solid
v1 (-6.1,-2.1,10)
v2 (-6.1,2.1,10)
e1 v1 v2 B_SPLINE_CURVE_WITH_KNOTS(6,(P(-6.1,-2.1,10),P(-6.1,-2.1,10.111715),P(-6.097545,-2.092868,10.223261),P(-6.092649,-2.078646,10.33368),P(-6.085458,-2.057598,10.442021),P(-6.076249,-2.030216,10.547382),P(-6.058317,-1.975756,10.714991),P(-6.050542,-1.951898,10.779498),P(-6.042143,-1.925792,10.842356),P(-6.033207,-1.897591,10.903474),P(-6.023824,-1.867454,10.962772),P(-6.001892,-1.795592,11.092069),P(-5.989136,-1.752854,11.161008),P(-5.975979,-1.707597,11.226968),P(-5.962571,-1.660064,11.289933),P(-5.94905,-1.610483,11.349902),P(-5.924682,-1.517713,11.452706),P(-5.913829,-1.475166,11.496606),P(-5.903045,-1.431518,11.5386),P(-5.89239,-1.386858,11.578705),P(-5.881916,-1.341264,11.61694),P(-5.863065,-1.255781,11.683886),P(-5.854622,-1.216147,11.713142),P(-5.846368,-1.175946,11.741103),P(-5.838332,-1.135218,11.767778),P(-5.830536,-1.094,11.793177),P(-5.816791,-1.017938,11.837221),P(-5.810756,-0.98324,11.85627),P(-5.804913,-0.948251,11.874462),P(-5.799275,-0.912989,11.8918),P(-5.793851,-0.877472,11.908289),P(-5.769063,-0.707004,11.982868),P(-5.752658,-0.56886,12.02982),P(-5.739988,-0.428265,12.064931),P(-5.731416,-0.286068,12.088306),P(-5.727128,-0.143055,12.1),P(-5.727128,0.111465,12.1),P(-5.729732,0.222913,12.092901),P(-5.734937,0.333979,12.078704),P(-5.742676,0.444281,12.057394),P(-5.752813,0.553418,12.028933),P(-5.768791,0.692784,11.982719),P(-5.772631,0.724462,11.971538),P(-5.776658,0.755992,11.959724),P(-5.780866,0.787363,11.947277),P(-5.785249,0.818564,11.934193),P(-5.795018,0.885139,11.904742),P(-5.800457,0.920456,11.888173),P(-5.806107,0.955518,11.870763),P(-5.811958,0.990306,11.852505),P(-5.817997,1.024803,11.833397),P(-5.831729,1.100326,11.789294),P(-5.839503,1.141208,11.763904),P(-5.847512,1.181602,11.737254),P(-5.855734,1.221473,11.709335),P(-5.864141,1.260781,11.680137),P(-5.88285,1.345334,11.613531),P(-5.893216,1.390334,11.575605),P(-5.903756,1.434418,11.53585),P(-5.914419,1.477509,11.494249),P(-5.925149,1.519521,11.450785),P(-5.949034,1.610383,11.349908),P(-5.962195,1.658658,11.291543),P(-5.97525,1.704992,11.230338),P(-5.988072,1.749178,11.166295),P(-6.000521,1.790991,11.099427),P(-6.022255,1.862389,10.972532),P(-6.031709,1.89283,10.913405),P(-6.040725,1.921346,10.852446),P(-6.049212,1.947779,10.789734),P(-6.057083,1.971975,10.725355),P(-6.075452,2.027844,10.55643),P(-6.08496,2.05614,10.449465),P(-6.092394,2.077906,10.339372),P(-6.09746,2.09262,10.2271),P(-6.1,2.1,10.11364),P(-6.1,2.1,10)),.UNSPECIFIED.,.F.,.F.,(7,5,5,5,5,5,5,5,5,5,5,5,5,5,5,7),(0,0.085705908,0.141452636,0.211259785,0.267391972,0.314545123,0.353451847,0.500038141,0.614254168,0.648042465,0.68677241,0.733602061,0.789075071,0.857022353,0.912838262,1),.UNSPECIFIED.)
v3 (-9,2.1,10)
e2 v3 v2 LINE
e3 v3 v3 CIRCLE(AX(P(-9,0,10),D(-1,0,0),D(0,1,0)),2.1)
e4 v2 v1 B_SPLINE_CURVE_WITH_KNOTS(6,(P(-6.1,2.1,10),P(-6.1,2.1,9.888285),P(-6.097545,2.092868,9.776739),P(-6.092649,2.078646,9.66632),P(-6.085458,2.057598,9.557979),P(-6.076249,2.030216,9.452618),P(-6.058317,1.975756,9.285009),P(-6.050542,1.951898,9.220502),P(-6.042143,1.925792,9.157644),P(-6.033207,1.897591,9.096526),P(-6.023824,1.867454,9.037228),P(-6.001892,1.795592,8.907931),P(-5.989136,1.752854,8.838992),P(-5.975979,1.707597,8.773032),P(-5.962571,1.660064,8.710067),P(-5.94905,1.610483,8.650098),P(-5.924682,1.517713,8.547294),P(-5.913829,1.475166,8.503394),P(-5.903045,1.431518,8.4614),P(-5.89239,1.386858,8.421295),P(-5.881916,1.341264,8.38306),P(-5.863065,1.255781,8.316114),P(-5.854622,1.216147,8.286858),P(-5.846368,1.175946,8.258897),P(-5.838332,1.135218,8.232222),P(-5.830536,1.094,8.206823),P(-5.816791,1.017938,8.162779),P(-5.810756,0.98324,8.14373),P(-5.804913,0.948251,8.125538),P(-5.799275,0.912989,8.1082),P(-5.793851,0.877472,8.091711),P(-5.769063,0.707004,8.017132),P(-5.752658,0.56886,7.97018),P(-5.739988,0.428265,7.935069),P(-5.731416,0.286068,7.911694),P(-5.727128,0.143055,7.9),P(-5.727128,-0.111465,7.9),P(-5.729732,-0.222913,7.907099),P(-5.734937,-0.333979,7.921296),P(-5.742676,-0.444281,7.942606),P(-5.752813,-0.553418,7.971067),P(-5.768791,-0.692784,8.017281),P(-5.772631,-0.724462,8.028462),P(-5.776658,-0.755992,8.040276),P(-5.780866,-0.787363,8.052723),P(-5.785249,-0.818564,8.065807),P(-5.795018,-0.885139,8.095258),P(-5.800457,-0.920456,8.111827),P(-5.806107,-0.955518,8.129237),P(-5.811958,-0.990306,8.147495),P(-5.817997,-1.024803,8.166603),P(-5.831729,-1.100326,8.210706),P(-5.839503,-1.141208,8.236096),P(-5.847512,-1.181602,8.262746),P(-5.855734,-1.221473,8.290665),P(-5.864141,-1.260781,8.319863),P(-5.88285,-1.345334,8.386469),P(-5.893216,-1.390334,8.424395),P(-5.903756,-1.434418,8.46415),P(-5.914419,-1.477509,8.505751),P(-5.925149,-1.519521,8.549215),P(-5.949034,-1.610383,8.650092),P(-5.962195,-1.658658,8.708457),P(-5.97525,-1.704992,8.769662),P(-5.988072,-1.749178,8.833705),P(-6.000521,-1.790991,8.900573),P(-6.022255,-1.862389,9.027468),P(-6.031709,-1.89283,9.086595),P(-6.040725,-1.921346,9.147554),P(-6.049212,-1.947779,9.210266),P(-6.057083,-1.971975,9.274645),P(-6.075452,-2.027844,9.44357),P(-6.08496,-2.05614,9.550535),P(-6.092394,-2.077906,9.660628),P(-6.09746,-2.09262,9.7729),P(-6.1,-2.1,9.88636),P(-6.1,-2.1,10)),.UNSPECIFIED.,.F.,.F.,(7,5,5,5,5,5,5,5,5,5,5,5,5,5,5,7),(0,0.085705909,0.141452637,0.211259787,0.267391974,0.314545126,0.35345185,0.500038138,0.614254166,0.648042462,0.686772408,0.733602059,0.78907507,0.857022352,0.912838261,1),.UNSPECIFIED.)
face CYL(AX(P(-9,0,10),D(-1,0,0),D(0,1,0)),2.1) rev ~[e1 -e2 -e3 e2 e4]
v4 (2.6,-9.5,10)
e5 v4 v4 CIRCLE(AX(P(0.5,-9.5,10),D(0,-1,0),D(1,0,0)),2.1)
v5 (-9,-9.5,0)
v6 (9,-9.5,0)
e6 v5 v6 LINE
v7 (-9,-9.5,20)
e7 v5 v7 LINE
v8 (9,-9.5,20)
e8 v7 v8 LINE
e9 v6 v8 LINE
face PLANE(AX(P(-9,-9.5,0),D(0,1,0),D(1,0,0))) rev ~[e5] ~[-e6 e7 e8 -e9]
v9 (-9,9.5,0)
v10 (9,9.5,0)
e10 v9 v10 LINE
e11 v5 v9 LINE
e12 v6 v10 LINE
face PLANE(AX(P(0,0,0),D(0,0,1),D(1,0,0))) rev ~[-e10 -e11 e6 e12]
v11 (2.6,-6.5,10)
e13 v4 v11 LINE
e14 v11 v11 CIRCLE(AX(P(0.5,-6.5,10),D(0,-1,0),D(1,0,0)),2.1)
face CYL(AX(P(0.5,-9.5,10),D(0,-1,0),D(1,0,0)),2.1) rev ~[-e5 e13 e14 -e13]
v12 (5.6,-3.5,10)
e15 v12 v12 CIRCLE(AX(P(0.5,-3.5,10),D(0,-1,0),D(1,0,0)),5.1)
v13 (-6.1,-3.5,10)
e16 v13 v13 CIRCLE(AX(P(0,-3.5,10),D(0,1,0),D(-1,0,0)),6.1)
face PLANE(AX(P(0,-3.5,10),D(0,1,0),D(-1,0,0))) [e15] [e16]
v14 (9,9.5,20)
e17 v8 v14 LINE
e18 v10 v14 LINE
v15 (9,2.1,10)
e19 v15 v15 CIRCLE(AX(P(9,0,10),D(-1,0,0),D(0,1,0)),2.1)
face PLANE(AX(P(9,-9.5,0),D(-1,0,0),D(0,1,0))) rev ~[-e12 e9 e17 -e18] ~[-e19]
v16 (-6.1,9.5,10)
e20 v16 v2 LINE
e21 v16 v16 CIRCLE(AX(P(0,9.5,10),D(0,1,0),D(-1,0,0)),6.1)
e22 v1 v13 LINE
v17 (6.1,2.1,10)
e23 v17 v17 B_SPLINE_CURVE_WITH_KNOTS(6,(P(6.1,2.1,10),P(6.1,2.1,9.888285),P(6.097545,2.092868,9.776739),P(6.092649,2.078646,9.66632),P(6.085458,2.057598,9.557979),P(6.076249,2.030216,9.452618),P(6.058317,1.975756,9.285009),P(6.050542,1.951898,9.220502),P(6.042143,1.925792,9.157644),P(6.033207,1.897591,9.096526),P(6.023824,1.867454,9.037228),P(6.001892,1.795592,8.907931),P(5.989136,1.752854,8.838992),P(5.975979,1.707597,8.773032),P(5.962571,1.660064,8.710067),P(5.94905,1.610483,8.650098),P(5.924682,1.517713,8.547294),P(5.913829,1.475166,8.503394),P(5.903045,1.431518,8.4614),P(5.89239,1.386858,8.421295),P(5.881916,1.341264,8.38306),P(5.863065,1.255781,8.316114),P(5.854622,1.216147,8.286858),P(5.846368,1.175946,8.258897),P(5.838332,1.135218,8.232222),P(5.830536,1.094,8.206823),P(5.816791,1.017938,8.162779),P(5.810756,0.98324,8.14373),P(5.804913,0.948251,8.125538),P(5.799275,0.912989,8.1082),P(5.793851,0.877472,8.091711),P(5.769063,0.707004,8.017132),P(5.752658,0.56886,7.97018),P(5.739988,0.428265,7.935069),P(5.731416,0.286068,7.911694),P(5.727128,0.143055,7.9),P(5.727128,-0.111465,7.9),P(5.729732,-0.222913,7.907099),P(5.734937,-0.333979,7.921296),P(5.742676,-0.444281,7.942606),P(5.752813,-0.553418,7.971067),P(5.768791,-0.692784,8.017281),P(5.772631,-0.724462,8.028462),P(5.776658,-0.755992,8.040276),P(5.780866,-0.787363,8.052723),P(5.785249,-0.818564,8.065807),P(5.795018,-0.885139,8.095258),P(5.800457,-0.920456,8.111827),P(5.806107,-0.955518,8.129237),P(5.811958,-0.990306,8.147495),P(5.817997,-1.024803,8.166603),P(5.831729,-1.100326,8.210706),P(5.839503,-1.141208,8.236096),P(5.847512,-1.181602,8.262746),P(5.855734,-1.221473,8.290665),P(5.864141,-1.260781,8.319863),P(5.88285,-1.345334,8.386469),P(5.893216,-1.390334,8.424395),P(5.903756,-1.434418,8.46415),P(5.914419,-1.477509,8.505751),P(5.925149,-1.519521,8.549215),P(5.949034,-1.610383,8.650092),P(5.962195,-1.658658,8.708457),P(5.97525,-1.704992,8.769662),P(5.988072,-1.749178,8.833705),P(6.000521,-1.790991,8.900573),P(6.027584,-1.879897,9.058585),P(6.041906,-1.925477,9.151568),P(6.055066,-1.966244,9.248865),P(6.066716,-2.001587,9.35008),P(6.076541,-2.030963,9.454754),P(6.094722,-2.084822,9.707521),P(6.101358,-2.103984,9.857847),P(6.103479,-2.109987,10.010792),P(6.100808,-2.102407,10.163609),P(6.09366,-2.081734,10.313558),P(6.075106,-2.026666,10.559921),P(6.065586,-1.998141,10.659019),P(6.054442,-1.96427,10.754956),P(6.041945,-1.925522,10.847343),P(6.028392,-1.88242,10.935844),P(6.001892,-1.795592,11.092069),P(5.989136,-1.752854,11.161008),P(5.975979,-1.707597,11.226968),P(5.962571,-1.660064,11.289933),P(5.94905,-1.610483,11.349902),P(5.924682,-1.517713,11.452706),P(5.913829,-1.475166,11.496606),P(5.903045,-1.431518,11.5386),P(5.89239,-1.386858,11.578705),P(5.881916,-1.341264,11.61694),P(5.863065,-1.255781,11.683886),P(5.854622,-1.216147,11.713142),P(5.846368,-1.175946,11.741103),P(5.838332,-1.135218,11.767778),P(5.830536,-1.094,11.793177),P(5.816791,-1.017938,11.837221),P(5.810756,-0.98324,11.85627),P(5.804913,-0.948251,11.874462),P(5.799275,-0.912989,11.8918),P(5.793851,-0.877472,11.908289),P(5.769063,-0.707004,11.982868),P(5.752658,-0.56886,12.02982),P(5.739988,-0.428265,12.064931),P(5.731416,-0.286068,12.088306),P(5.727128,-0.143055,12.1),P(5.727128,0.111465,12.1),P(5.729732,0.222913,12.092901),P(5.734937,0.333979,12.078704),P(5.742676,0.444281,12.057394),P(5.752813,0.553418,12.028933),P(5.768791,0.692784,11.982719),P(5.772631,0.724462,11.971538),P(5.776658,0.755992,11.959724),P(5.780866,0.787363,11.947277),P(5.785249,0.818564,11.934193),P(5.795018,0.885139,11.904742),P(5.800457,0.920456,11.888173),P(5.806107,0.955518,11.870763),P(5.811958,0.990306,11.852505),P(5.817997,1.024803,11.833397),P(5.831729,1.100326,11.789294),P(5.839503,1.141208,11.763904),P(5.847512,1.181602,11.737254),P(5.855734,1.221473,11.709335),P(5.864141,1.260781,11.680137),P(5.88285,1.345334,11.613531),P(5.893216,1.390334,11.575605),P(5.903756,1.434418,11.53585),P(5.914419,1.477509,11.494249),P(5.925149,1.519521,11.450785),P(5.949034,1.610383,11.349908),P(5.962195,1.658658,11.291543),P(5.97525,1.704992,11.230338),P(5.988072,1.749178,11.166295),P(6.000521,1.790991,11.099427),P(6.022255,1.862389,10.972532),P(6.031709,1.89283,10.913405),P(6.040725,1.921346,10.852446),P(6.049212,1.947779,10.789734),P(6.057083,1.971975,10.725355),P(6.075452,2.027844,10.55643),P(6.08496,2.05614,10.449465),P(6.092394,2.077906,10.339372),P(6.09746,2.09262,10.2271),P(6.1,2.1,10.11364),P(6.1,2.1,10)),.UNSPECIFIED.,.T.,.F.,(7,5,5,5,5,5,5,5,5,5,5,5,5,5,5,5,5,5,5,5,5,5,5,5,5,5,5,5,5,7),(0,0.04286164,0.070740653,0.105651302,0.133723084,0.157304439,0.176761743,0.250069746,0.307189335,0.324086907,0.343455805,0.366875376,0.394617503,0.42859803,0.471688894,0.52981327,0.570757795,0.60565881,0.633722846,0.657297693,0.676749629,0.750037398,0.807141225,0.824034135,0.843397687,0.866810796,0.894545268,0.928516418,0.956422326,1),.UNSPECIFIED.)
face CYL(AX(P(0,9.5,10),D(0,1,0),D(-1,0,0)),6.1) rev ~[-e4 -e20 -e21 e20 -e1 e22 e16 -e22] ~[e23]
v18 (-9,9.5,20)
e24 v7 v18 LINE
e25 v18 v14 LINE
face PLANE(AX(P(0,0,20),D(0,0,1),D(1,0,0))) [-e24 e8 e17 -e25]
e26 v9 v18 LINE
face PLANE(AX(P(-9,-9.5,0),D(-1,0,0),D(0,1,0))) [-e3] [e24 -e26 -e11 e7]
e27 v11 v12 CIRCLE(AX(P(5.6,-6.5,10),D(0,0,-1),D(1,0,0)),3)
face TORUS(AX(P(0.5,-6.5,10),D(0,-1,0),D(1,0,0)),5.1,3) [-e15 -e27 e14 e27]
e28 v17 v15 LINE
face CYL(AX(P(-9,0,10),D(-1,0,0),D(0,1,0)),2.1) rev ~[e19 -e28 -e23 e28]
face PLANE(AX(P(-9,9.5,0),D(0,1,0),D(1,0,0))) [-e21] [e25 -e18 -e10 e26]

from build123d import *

# Parameters (mm, degrees)
F0_W     = 18
F0_H     = 19
F1_DEPTH = 20
F3_R     = 6.1
F4_DEPTH = 13
F2_R     = 2.1
F5_DEPTH = 18
F6_R     = 3
F8_DEPTH = 25


with BuildPart() as f1:
    # F0 (on Top) → F1 (new body)
    with BuildSketch(Plane.XY):
        Rectangle(F0_W, F0_H)
    extrude(amount=F1_DEPTH)

    # F3 (on face) → F4 (cut)
    with BuildSketch(Plane(origin=(0, 9.5, 0), x_dir=(-1, 0, 0), z_dir=(0, 1, 0))):
        with Locations((0, 10)):
            Circle(F3_R)
    extrude(amount=-F4_DEPTH, mode=Mode.SUBTRACT)

    # F2 (on face) → F5 (cut)
    with BuildSketch(Plane.XZ.offset(9.5)):
        with Locations((0.5, 10)):
            Circle(F2_R)
    extrude(amount=-F5_DEPTH, mode=Mode.SUBTRACT)

    # F6
    f6_edges = [f1.edges().sort_by_distance(p)[0] for p in [
        (-1.6, -3.5, 10),
    ]]
    fillet(f6_edges, radius=F6_R)

    # F7 (on face) → F8 (cut)
    with BuildSketch(Plane(origin=(-9, 0, 0), x_dir=(0, -1, 0), z_dir=(-1, 0, 0))):
        with BuildLine():
            Line((-2.1, 10), (2.1, 10))
            ThreePointArc((2.1, 10), (0, 12.1), (-2.1, 10))
        make_face()
        with BuildLine():
            ThreePointArc((-2.1, 10), (0, 7.9), (2.1, 10))
            Line((2.1, 10), (-2.1, 10))
        make_face()
    extrude(amount=-F8_DEPTH, mode=Mode.SUBTRACT)


solid = f1.part
